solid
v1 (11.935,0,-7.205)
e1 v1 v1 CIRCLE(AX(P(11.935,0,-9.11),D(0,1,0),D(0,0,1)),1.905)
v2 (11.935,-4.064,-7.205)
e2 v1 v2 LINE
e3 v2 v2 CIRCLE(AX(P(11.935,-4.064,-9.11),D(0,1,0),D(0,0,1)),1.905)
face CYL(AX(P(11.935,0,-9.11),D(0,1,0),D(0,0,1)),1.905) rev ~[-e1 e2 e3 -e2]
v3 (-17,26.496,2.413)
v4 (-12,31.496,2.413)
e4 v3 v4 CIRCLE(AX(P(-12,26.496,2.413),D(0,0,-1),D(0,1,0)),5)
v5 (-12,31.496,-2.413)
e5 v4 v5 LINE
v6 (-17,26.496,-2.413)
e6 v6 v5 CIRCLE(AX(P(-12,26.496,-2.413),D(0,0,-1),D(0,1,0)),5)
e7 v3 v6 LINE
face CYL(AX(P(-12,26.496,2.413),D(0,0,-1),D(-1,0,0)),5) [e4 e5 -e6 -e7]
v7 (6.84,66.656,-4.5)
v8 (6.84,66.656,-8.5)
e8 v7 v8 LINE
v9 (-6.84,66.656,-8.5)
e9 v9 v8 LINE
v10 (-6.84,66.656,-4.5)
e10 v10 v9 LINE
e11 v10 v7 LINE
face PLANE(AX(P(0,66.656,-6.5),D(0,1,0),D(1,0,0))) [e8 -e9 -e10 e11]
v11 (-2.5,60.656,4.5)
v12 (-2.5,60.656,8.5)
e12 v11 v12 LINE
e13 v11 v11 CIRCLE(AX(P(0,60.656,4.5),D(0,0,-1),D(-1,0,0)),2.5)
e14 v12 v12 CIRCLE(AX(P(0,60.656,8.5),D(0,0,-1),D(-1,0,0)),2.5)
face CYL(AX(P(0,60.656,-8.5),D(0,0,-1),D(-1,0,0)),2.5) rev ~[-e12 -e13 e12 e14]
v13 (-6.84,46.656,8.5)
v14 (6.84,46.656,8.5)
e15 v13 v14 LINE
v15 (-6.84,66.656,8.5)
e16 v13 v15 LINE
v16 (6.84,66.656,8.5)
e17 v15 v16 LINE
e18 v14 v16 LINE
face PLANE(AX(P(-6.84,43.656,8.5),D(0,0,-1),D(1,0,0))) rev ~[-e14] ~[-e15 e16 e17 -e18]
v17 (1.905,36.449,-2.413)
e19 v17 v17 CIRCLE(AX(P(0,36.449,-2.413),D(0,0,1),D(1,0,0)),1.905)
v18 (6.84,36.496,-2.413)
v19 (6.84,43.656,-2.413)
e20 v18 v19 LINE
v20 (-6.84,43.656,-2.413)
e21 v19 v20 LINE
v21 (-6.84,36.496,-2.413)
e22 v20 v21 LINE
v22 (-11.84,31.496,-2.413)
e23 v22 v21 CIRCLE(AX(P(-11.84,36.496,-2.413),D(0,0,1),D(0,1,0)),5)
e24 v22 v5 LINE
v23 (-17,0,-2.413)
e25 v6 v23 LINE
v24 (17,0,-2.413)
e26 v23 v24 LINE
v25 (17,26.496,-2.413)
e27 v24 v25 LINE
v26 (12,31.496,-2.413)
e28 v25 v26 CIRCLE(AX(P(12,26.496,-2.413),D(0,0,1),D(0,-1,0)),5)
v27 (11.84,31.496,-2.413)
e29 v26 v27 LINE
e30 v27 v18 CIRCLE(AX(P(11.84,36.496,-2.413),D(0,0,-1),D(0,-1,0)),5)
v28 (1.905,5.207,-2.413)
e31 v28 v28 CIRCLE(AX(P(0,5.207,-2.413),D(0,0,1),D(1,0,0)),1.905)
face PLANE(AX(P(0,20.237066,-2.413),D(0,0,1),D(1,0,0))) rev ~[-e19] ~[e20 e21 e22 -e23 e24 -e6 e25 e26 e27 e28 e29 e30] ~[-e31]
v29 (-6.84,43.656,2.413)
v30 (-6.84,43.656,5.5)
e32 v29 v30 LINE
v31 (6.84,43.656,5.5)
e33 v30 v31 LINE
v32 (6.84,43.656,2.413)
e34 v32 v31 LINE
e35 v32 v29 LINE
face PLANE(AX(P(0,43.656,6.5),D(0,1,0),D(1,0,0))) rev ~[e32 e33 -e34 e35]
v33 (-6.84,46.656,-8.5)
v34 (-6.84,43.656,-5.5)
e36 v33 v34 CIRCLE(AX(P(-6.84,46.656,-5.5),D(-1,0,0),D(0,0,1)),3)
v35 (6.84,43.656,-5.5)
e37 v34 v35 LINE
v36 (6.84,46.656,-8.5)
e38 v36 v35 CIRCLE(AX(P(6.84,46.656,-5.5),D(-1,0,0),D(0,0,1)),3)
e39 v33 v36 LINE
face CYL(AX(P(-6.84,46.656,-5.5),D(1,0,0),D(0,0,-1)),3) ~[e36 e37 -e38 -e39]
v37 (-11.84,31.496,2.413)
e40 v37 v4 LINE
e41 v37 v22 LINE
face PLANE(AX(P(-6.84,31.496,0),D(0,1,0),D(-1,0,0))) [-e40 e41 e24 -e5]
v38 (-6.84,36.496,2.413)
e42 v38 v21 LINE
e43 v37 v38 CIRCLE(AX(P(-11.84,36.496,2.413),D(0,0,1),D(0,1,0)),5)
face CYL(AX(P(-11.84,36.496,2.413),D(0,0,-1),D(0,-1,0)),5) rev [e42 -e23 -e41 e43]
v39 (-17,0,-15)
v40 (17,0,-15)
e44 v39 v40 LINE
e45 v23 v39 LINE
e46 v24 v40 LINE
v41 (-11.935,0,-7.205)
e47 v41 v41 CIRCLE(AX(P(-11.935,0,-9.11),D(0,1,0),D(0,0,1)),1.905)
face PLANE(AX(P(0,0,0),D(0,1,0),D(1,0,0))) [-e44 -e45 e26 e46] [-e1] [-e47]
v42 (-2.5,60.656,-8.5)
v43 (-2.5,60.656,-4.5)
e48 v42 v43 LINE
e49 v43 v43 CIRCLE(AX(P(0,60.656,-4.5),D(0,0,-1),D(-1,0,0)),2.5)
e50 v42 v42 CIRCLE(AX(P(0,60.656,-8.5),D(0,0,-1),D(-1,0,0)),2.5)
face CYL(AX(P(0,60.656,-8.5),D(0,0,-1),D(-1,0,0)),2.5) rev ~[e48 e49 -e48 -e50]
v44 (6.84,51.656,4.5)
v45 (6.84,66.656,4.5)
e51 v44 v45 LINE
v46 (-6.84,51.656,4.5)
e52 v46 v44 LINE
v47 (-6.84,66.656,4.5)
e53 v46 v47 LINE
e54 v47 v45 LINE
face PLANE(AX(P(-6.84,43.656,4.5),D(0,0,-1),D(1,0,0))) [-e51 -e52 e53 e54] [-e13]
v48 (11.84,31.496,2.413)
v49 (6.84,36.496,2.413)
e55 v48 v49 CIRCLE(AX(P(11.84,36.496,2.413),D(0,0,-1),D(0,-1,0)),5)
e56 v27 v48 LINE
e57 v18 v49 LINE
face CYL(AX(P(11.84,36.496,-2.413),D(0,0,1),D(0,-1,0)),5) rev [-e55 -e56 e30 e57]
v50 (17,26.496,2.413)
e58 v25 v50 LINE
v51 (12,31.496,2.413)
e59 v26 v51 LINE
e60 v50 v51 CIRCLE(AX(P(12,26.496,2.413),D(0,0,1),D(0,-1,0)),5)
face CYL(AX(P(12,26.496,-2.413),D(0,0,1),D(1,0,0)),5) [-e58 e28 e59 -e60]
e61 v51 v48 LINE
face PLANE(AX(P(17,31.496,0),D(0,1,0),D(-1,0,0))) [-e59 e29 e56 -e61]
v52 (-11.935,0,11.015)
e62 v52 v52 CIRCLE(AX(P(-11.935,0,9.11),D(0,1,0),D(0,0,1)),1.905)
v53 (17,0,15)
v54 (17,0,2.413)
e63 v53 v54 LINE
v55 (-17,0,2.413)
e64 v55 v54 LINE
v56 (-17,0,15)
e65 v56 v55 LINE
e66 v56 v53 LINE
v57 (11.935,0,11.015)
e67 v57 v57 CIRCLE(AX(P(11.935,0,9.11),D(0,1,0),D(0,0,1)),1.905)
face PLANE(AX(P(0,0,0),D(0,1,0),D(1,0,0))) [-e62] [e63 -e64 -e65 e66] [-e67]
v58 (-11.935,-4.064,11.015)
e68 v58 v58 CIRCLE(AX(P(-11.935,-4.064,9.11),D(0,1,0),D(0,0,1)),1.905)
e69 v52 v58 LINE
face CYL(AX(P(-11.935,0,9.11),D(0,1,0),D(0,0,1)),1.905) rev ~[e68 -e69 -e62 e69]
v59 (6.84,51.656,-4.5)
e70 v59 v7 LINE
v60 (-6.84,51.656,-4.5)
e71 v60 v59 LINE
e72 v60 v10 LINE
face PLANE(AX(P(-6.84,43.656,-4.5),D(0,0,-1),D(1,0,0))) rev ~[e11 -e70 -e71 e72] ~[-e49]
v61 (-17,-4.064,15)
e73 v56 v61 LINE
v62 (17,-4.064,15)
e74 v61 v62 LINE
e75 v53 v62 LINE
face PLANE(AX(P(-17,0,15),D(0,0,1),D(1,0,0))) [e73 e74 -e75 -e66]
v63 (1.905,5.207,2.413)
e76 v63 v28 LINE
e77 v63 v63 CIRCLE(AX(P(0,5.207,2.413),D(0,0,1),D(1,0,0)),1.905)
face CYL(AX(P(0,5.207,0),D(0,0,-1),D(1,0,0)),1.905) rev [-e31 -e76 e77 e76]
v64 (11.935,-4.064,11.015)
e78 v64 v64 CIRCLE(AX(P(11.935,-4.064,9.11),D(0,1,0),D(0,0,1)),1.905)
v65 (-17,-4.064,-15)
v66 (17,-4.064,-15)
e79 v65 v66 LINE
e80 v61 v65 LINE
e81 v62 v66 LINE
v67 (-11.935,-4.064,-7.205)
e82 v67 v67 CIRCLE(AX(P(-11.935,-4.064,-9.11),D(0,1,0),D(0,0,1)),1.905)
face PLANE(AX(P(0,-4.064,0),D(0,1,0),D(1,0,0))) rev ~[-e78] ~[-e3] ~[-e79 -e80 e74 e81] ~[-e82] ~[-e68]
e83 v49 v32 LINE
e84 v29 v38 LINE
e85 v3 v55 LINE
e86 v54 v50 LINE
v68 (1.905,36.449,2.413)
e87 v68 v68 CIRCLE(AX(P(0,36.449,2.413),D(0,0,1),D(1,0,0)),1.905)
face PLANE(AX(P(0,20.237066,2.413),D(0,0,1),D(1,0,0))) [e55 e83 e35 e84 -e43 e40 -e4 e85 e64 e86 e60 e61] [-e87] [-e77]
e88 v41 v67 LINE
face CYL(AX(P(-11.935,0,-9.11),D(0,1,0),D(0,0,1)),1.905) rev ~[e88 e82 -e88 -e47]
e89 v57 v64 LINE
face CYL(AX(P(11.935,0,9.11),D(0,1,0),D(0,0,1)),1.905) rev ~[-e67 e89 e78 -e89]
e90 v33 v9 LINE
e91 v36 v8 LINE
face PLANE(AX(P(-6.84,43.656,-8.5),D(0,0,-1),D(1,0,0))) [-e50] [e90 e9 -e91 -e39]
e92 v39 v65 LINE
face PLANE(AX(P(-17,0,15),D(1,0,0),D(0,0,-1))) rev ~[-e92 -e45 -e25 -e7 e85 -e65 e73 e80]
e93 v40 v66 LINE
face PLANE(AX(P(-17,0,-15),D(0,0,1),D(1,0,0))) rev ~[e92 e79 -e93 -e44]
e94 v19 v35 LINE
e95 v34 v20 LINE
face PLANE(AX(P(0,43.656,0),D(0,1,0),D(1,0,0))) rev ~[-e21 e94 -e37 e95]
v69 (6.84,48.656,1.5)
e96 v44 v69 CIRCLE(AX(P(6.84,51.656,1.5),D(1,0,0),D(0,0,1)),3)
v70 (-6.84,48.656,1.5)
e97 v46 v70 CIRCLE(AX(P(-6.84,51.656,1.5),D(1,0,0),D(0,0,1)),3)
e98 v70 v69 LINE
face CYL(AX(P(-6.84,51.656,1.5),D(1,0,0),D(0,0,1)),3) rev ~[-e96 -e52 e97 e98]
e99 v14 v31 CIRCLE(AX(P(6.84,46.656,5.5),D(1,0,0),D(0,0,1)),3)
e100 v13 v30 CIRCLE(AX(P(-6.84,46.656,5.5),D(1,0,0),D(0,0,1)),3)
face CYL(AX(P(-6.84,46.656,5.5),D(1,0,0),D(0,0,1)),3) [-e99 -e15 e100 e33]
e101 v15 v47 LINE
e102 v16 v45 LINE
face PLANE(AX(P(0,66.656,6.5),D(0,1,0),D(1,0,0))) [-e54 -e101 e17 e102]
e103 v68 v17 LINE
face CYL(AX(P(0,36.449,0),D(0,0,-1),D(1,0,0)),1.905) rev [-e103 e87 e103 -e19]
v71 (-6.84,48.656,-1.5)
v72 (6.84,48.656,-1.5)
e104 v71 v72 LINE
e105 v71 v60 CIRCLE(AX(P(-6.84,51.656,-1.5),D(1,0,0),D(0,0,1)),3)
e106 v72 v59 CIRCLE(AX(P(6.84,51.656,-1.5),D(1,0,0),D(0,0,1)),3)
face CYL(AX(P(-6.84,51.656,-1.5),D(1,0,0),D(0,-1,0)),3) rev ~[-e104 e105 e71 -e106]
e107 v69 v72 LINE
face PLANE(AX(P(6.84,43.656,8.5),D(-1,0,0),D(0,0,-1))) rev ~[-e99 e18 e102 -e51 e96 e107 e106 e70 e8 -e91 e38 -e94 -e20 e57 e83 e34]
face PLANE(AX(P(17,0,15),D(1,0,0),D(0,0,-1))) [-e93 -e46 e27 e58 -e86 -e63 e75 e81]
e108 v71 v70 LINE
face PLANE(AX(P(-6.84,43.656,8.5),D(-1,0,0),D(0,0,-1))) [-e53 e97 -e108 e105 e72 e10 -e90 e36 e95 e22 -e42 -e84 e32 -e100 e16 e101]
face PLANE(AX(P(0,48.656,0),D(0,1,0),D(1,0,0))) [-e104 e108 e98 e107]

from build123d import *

# Parameters (mm, degrees)
SKETCH1_R           = 1.905
BOSS_EXTRUDE1_DEPTH = 2.413
SKETCH3_W           = 34
SKETCH3_H           = 30
SKETCH3_R           = 1.905
BOSS_EXTRUDE2_DEPTH = 4.064
FILLET1_R           = 5
SKETCH5_W           = 13.68
SKETCH5_H           = 4.826
SKETCH5_H_2         = 2.087
BOSS_EXTRUDE4_DEPTH = 5
SKETCH5_3_W         = 13.68
SKETCH5_3_H         = 4
BOSS_EXTRUDE5_DEPTH = 23
CUT_EXTRUDE1_REACH  = 74.693
SKETCH6_R           = 2.5
FILLET2_R           = 3


with BuildPart() as part:
    # Sketch1 → Boss-Extrude1 (new, symmetric)
    # profile 1 of 2: a face of its own
    with BuildSketch(Plane.XY):
        Polygon((-17, 31.496), (-17, 0), (17, 0), (17, 31.496), (6.84, 31.496), (6.84, 43.656), (-6.84, 43.656), (-6.84, 31.496), align=None)
        with Locations((0, 5.207)):
            Circle(SKETCH1_R, mode=Mode.SUBTRACT)
        with Locations((0, 36.449)):
            Circle(SKETCH1_R, mode=Mode.SUBTRACT)
    # profile 2 of 2: a face of its own
    with BuildSketch(Plane.XY):
        Polygon((-17, 31.496), (-17, 0), (17, 0), (17, 31.496), (6.84, 31.496), (6.84, 43.656), (-6.84, 43.656), (-6.84, 31.496), align=None)
        with Locations((0, 5.207)):
            Circle(SKETCH1_R, mode=Mode.SUBTRACT)
        with Locations((0, 36.449)):
            Circle(SKETCH1_R, mode=Mode.SUBTRACT)
    extrude(amount=BOSS_EXTRUDE1_DEPTH, both=True)

    # Sketch3 → Boss-Extrude2 (add)
    with BuildSketch(Plane(origin=(0, 0, 0), x_dir=(1, 0, 0), z_dir=(0, 1, 0))):
        Rectangle(SKETCH3_W, SKETCH3_H)
        with Locations(Location((-11.935, -9.11, 0), (0, 0, 270))):
            Circle(SKETCH3_R, mode=Mode.SUBTRACT)
        with Locations(Location((11.935, -9.11, 0), (0, 0, 270))):
            Circle(SKETCH3_R, mode=Mode.SUBTRACT)
        with Locations(Location((11.935, 9.11, 0), (0, 0, 270))):
            Circle(SKETCH3_R, mode=Mode.SUBTRACT)
        with Locations(Location((-11.935, 9.11, 0), (0, 0, 270))):
            Circle(SKETCH3_R, mode=Mode.SUBTRACT)
    extrude(amount=-BOSS_EXTRUDE2_DEPTH)

    # Fillet1
    fillet1_edges = [part.edges().sort_by_distance(p)[0] for p in [
        (6.84, 31.496, 0),
        (17, 31.496, 0),
        (-17, 31.496, 0),
        (-6.84, 31.496, 0),
    ]]
    fillet(fillet1_edges, radius=FILLET1_R)

    # Sketch5 → Boss-Extrude4 (add)
    with BuildSketch(Plane(origin=(0, 43.656, 0), x_dir=(1, 0, 0), z_dir=(0, 1, 0))):
        Rectangle(SKETCH5_W, SKETCH5_H)
        with Locations((0, -3.4565)):
            Rectangle(SKETCH5_W, SKETCH5_H_2)
        with Locations((0, 3.4565)):
            Rectangle(SKETCH5_W, SKETCH5_H_2)
    extrude(amount=BOSS_EXTRUDE4_DEPTH)

    # Sketch5<3> → Boss-Extrude5 (add)
    with BuildSketch(Plane(origin=(0, 43.656, 0), x_dir=(1, 0, 0), z_dir=(0, 1, 0))):
        with Locations((0, -6.5)):
            Rectangle(SKETCH5_3_W, SKETCH5_3_H)
        with Locations((0, 6.5)):
            Rectangle(SKETCH5_3_W, SKETCH5_3_H)
    extrude(amount=BOSS_EXTRUDE5_DEPTH)

    # Cut-Extrude1: up to this face of the body (flat: up to its plane)
    cut_extrude1_end = Plane(part.part.faces().sort_by_distance((0, 55.156, 8.5))[0])
    # Sketch6 → Cut-Extrude1 (cut, up to the picked face)
    with BuildSketch(Plane(origin=(0, 0, -8.5), x_dir=(-1, 0, 0), z_dir=(0, 0, -1)), mode=Mode.PRIVATE) as cut_extrude1_sk1:
        with Locations((0, 60.656)):
            Circle(SKETCH6_R)
    cut_extrude1_tool1 = split(extrude(cut_extrude1_sk1.sketch, amount=-CUT_EXTRUDE1_REACH, mode=Mode.PRIVATE), bisect_by=cut_extrude1_end, keep=Keep.BOTH, mode=Mode.PRIVATE)
    add(cut_extrude1_tool1.solids().sort_by(Axis((0, 60.656, -8.5), (0, 0, 1)))[0], mode=Mode.SUBTRACT)

    # Fillet2
    fillet2_edges = [part.edges().sort_by_distance(p)[0] for p in [
        (0, 43.656, -8.5),
        (0, 48.656, -4.5),
        (0, 48.656, 4.5),
        (0, 43.656, 8.5),
    ]]
    fillet(fillet2_edges, radius=FILLET2_R)


solid = part.part
